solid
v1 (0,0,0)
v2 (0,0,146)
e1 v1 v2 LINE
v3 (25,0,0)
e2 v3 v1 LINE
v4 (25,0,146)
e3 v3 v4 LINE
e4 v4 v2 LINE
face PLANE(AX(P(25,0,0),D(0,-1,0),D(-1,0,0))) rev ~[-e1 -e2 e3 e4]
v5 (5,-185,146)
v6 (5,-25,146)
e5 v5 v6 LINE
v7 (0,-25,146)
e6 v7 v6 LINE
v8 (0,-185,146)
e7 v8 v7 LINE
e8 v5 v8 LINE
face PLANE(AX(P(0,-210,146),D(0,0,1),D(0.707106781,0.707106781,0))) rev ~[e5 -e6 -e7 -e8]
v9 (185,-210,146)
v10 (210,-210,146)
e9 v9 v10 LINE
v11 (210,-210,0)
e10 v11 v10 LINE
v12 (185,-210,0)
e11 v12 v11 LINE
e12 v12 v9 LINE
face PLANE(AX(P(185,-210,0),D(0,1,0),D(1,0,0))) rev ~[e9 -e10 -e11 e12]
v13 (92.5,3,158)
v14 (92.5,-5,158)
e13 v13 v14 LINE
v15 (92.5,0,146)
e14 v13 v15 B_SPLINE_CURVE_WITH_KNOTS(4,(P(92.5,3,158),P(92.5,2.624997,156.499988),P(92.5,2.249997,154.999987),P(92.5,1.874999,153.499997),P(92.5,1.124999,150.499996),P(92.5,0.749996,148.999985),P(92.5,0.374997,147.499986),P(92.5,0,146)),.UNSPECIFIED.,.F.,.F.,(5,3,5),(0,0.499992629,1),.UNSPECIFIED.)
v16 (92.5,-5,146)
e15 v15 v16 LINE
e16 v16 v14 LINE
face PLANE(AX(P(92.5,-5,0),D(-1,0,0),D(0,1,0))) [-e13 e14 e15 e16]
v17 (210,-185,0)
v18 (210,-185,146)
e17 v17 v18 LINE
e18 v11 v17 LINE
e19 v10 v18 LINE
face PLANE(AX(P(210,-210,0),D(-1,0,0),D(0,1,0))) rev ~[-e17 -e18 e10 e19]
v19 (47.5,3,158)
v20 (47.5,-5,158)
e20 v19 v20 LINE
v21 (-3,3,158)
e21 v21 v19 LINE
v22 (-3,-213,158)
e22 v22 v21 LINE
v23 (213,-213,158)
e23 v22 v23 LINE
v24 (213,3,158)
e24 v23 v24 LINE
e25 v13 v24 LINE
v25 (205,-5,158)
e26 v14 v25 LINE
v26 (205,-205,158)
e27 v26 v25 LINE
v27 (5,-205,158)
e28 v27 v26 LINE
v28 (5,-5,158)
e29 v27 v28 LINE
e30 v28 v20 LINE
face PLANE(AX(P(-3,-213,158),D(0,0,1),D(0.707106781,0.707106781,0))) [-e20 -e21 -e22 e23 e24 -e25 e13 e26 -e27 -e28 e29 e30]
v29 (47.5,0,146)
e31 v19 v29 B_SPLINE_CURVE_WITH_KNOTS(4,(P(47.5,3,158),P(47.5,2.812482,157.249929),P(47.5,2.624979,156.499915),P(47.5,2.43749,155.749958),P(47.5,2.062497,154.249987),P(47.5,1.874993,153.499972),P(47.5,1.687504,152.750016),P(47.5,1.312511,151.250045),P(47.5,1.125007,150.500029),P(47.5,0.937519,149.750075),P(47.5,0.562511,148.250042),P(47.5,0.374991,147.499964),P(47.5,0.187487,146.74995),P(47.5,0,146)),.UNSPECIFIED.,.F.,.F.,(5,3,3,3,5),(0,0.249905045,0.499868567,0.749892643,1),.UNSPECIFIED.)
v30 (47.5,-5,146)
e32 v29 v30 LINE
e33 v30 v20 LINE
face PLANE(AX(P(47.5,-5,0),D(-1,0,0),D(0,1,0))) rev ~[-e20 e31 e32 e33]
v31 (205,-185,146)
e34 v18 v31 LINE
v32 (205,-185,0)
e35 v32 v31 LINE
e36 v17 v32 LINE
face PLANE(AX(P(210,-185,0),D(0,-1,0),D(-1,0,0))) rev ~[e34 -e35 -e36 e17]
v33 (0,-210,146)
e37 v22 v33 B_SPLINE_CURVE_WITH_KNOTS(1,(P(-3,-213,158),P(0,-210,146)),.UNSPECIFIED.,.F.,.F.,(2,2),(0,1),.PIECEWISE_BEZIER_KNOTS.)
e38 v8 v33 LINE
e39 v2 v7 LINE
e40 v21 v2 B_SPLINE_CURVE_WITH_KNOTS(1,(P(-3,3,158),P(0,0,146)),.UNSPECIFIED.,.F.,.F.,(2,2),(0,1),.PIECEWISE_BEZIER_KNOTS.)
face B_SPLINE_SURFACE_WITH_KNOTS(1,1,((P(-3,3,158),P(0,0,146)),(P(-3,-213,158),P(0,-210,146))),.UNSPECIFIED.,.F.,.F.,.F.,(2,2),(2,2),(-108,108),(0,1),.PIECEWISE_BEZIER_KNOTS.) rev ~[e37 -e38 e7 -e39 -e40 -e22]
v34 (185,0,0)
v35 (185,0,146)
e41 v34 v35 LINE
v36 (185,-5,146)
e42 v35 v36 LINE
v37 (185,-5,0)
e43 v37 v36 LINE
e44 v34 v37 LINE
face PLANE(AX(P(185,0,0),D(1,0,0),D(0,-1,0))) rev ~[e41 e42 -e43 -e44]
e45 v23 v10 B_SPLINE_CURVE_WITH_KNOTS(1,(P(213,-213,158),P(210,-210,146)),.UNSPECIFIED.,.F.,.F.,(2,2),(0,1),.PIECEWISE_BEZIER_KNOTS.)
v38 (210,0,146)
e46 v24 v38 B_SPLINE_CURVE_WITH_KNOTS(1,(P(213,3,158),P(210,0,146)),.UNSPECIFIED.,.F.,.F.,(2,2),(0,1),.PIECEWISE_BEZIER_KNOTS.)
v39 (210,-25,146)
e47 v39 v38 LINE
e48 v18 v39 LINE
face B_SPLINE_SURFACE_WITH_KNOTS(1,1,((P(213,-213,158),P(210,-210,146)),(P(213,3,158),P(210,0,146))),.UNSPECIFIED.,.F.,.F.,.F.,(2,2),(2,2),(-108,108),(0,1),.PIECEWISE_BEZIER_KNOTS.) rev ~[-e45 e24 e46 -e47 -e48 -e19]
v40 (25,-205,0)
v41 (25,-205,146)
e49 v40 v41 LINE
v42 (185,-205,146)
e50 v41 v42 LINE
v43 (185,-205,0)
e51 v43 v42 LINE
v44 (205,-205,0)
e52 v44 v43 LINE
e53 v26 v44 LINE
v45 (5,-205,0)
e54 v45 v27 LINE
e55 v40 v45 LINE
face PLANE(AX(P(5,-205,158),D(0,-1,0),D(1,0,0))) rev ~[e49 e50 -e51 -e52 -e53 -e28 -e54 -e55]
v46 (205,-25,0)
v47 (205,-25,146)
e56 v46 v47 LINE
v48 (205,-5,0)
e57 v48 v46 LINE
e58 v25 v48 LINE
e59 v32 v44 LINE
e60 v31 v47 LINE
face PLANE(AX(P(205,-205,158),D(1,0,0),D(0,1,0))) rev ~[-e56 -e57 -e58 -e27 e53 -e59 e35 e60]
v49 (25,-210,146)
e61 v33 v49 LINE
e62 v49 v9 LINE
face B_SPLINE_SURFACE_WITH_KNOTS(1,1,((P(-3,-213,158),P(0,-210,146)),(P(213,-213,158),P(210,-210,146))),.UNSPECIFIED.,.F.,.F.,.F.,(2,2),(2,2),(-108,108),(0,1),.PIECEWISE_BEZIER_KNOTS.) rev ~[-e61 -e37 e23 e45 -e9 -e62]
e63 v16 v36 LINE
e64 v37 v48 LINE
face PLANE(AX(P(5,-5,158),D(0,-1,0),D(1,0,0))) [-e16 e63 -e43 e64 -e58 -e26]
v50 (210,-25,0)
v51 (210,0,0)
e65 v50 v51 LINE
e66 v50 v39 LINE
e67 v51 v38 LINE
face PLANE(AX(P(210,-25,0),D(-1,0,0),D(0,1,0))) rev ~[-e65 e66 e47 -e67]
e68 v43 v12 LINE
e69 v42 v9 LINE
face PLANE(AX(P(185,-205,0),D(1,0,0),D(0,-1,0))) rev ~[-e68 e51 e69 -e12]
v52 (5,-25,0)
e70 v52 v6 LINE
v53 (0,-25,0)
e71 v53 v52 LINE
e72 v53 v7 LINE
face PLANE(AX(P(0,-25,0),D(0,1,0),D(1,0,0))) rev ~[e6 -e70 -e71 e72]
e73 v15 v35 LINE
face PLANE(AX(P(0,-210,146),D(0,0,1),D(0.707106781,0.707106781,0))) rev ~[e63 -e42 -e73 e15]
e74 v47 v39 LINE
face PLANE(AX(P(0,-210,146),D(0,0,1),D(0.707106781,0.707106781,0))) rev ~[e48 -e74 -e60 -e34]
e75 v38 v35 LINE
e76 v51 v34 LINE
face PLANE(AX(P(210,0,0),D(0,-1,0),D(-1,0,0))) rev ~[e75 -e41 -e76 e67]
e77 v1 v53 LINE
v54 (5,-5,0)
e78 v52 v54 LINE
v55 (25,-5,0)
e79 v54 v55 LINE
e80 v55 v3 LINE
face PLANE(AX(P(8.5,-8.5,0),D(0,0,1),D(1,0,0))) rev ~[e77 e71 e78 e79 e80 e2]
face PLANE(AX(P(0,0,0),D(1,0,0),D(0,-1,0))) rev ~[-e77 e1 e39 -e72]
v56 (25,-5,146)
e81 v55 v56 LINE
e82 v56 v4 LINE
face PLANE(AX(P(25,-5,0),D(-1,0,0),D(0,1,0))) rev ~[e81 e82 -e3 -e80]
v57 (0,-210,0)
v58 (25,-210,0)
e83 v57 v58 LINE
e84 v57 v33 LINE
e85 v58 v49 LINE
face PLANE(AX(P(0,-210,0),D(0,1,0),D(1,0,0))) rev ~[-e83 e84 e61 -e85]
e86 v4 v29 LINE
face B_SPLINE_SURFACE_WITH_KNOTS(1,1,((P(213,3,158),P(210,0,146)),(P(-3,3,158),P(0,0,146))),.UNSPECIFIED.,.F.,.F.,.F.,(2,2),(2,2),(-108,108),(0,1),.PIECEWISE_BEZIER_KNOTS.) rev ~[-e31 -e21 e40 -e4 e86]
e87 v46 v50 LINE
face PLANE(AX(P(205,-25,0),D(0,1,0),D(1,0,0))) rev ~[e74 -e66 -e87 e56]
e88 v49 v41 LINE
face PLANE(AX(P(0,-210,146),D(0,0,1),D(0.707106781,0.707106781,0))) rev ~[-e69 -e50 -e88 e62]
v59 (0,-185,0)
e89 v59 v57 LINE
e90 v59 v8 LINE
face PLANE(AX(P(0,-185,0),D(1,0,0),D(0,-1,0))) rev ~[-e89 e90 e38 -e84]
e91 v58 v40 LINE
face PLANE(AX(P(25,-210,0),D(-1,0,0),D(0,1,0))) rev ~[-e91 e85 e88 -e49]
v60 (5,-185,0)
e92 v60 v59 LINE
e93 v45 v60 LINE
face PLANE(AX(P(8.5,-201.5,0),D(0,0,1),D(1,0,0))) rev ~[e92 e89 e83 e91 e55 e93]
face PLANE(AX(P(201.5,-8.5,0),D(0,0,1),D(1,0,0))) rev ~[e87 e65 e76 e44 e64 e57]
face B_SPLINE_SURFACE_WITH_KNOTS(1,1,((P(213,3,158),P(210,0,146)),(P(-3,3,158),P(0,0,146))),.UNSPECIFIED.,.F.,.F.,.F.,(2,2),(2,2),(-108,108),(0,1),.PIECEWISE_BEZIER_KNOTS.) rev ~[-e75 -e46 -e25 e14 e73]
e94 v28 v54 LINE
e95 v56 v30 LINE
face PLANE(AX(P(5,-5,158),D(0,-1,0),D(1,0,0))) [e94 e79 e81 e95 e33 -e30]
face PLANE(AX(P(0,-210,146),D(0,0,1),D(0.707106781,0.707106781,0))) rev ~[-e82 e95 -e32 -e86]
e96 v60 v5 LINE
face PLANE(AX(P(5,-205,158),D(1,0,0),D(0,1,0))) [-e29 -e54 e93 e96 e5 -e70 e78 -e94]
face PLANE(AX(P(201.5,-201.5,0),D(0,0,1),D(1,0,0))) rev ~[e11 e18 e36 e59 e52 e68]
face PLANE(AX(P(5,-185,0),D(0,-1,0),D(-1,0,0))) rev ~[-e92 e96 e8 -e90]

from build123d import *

# Parameters (mm, degrees)
F1_DEPTH = 146
F4_W     = 216
F4_H     = 216
F2_W     = 210
F2_H     = 210
F6_W     = 200
F6_H     = 200
F7_DEPTH = 12
F8_W     = 45
F8_H     = 25
F9_DEPTH = 180


with BuildPart() as f1:
    # F0 (on Top) → F1 (new body)
    with BuildSketch(Plane.XY):
        Polygon((25, 0), (0, 0), (0, -25), (5, -25), (5, -5), (25, -5), align=None)
    extrude(amount=F1_DEPTH)



with BuildPart() as f1b:
    # F0 (on Top) → F1, piece 2 (new body)
    with BuildSketch(Plane.XY):
        Polygon((210, 0), (185, 0), (185, -5), (205, -5), (205, -25), (210, -25), align=None)
    extrude(amount=F1_DEPTH)


with BuildPart() as f1c:
    # F0 (on Top) → F1, piece 3 (new body)
    with BuildSketch(Plane.XY):
        Polygon((5, -185), (0, -185), (0, -210), (25, -210), (25, -205), (5, -205), align=None)
    extrude(amount=F1_DEPTH)


with BuildPart() as f1d:
    # F0 (on Top) → F1, piece 4 (new body)
    with BuildSketch(Plane.XY):
        Polygon((185, -210), (210, -210), (210, -185), (205, -185), (205, -205), (185, -205), align=None)
    extrude(amount=F1_DEPTH)


with BuildPart() as f1_1:
    add(f1.part)

    add(f1b.part)  # F5 merges F1b

    add(f1c.part)  # F5 merges F1c

    add(f1d.part)  # F5 merges F1d
    # F4 (on offset) → F5 section 0
    with BuildSketch(Plane.XY.offset(158)):
        with Locations((105, -105)):
            Rectangle(F4_W, F4_H)
    # F2 (on face) → F5 section 1
    with BuildSketch(Plane.XY.offset(146)):
        with Locations((105, -105)):
            Rectangle(F2_W, F2_H)
    loft()

    # F6 (on face) → F7 (cut)
    with BuildSketch(Plane.XY.offset(158)):
        with Locations((105, -105)):
            Rectangle(F6_W, F6_H)
    extrude(amount=-F7_DEPTH, mode=Mode.SUBTRACT)

    # F8 (on Top) → F9 (cut)
    with BuildSketch(Plane.XY):
        with Locations((70, 7.5)):
            Rectangle(F8_W, F8_H)
    extrude(amount=F9_DEPTH, mode=Mode.SUBTRACT)


solid = f1_1.part
